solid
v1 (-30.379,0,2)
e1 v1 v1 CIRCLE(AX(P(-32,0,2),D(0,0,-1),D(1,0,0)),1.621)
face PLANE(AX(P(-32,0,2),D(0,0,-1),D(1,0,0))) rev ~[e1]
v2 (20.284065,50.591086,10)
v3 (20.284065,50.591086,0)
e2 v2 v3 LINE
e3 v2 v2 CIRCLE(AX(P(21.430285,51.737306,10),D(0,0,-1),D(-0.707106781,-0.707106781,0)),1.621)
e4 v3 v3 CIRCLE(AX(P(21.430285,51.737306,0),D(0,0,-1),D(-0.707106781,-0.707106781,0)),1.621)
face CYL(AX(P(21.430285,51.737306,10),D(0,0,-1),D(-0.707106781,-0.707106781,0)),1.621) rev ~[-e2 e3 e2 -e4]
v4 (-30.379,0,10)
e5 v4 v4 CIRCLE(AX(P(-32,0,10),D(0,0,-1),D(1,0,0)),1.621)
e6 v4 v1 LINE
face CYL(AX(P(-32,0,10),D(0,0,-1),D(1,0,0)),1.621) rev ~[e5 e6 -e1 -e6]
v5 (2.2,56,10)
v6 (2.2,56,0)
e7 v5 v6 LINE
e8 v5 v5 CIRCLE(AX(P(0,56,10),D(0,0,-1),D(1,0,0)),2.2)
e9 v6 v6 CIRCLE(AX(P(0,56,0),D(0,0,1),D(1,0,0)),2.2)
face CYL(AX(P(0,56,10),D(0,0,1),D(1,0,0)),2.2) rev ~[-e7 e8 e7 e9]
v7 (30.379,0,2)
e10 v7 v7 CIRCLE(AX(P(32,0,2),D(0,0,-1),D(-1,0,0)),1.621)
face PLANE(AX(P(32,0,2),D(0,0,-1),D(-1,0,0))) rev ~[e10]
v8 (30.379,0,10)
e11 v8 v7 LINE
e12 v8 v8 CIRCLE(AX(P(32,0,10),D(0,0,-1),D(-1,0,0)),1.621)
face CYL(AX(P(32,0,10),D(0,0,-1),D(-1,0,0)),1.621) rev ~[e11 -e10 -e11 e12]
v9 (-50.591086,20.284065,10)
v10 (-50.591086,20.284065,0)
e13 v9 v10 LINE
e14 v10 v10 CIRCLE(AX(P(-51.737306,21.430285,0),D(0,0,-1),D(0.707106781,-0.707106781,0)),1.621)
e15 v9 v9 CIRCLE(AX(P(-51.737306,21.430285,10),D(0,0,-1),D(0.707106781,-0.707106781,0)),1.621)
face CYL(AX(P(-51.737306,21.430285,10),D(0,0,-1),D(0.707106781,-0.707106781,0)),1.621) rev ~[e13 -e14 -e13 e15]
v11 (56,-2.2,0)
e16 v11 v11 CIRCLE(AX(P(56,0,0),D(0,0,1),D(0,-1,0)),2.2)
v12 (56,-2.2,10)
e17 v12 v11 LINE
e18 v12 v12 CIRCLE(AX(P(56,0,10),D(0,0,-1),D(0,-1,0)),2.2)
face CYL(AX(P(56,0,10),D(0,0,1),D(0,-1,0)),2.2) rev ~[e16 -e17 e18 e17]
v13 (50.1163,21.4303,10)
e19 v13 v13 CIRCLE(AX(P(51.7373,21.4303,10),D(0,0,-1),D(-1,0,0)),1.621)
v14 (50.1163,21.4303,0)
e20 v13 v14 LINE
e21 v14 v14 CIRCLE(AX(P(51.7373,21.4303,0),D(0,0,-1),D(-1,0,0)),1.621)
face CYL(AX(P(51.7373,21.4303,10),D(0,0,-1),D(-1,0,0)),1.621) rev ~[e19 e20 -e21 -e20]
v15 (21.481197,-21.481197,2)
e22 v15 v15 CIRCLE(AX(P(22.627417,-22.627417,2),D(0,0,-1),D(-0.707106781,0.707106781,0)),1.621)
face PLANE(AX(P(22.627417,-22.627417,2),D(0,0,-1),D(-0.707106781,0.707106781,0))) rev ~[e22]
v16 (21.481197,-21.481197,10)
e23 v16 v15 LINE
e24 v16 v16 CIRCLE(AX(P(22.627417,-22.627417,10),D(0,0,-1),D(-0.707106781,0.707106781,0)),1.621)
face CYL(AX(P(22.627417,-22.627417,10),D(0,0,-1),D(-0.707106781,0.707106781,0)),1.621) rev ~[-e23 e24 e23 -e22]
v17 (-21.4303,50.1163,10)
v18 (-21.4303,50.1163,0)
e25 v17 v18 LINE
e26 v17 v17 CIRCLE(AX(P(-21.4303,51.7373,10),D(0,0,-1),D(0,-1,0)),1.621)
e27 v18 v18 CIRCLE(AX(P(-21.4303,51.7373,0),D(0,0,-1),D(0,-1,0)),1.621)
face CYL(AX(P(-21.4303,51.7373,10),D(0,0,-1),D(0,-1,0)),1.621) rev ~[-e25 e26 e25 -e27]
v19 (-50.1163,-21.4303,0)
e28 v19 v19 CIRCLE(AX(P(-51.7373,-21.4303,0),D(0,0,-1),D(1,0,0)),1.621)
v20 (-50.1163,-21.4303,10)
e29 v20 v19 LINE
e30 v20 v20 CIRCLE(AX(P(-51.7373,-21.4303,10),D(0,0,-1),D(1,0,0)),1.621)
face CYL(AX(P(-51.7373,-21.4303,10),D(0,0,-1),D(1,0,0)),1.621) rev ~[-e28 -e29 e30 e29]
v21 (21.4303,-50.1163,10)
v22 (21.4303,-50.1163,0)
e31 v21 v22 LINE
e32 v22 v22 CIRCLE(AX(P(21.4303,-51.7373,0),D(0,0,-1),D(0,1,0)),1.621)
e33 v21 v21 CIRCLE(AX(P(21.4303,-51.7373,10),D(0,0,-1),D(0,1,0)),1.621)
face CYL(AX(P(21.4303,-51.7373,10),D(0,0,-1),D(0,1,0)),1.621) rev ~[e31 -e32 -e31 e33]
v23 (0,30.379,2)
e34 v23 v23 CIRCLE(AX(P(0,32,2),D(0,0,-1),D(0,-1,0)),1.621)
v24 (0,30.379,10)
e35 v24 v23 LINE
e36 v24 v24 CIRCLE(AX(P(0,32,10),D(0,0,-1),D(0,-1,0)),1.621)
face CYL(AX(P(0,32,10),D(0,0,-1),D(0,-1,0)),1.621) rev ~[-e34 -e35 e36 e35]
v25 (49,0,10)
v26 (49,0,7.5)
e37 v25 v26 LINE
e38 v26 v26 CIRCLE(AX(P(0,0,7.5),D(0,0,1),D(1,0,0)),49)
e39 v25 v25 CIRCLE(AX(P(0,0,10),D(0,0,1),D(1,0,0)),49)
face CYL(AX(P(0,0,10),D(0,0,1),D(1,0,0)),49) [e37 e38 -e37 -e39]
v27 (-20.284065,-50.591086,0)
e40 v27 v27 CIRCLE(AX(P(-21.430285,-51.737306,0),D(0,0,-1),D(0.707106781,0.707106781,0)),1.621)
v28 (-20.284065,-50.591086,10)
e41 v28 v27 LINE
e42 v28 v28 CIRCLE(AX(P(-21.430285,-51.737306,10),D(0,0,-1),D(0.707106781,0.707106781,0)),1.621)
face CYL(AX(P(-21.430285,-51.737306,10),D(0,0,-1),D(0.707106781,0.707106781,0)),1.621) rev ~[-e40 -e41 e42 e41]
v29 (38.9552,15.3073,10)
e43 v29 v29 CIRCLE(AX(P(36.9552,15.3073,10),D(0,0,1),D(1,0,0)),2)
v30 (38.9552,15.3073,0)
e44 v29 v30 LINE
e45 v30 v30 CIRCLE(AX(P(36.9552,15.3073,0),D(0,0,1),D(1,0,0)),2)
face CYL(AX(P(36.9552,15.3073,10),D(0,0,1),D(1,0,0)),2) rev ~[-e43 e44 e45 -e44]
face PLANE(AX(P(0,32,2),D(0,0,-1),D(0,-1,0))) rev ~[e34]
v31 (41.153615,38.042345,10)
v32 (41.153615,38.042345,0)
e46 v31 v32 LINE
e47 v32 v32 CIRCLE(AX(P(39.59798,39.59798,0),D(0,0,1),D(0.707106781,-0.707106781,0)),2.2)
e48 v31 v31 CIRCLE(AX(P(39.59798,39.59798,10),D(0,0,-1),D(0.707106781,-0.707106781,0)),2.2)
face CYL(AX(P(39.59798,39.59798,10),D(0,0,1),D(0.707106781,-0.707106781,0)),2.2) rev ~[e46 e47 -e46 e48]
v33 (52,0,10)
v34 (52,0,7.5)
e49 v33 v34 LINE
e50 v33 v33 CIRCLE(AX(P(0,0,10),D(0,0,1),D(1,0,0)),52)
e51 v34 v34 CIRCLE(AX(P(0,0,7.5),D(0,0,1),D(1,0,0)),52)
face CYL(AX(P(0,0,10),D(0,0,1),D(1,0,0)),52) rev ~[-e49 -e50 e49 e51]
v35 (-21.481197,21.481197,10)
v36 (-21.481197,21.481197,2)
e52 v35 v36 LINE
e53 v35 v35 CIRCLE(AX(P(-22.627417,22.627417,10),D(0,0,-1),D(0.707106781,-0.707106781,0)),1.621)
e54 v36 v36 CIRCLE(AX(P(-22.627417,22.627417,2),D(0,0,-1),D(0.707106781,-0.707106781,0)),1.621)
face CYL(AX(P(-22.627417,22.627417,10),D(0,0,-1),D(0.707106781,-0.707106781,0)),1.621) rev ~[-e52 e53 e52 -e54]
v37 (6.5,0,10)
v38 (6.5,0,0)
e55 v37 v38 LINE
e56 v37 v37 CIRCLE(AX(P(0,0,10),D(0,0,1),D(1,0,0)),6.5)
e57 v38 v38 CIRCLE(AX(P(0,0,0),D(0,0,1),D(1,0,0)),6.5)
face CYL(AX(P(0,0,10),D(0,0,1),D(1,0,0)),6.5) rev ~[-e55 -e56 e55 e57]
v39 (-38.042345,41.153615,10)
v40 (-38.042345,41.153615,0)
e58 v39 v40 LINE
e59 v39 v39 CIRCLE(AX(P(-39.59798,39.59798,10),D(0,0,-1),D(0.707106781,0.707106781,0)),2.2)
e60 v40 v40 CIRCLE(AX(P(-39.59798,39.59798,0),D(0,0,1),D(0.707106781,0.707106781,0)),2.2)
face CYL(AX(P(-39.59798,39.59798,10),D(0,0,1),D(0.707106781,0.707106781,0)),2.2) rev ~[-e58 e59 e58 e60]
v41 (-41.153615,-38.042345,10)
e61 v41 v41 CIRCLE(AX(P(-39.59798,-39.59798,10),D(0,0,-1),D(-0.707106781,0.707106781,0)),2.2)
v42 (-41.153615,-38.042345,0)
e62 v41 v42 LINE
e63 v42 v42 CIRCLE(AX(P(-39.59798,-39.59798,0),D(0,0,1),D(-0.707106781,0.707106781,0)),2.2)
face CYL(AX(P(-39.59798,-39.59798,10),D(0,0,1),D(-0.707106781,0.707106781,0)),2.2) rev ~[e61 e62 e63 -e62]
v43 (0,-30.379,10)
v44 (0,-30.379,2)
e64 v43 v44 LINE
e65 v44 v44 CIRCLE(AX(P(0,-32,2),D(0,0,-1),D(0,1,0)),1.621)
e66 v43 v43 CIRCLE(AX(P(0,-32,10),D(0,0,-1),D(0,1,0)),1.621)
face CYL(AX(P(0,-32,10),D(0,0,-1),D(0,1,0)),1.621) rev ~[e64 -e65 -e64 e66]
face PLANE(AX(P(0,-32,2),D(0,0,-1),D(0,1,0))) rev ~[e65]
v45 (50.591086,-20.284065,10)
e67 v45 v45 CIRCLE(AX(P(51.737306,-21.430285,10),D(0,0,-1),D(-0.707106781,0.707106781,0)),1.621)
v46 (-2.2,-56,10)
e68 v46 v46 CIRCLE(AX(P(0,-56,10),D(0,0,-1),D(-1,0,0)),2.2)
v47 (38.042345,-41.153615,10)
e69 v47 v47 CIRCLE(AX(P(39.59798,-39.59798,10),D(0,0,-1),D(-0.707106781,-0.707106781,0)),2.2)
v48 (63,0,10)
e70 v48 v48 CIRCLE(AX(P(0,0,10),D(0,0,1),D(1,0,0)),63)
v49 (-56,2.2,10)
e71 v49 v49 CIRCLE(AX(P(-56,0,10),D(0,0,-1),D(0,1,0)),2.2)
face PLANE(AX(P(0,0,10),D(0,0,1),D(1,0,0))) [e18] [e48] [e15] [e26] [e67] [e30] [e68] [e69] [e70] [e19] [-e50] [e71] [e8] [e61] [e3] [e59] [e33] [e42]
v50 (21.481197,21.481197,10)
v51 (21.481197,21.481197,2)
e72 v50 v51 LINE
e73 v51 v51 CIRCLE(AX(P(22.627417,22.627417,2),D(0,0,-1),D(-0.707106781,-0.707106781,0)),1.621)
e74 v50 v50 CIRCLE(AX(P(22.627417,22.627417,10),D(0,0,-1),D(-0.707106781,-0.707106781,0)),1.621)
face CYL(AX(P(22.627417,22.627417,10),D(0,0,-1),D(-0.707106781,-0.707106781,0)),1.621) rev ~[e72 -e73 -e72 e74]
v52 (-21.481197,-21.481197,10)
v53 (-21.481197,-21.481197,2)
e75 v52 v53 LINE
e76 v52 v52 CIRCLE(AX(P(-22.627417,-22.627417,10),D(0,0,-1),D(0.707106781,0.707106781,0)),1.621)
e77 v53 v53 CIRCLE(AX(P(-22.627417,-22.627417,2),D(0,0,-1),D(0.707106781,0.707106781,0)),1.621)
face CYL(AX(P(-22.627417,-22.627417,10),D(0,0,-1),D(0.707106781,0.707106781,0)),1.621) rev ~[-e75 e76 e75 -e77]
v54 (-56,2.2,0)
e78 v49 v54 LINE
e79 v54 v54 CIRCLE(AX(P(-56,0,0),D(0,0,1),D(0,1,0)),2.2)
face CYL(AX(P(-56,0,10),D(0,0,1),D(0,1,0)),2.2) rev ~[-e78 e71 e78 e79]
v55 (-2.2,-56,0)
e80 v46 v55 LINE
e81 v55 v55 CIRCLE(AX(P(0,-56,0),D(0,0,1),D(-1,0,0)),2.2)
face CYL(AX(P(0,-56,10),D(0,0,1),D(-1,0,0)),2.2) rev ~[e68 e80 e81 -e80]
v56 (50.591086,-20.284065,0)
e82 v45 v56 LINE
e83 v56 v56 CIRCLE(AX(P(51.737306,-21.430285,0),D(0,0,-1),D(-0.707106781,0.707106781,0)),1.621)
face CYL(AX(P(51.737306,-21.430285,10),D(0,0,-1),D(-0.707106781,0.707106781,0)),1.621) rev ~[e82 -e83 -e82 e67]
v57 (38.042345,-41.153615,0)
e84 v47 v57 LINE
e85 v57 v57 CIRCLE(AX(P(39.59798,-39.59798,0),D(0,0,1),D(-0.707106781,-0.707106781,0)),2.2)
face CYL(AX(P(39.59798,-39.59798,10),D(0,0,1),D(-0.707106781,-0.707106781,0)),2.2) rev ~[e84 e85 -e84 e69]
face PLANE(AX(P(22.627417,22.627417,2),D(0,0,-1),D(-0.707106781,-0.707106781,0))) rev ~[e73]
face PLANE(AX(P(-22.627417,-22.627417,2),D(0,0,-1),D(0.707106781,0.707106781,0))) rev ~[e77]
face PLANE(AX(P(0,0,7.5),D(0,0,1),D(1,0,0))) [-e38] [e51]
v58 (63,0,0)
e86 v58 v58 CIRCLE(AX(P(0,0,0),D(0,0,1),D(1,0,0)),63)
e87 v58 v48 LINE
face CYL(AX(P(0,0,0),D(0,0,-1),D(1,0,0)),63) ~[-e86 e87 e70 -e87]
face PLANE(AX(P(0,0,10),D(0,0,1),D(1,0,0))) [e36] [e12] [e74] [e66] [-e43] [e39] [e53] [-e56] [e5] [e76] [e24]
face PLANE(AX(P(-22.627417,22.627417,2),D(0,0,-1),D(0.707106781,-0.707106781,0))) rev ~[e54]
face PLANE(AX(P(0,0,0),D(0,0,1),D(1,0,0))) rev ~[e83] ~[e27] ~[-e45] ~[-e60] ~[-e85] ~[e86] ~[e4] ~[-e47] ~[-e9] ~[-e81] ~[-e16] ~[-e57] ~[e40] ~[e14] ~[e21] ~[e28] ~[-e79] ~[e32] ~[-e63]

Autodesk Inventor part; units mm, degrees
ref_plane "YZ Plane" through (0, 0, 0) normal (1, 0, 0) x (0, 1, 0)
ref_plane "XZ Plane" through (0, 0, 0) normal (0, 1, 0) x (-1, 0, 0)
ref_plane "XY Plane" through (0, 0, 0) normal (0, 0, 1) x (1, 0, 0)
sketch "Sketch1" plane through (0, 0, 0) normal (0, 0, 1) x (1, 0, 0)
  circle A0 centre (0, 0) radius 63
  dimension "d0" = 126
extrude "Extrusion1" add sketch "Sketch1" along normal blind 10
sketch "Sketch3" plane through (0, 0, 10) normal (0, 0, 1) x (1, 0, 0)
  circle A0 centre (0, 0) radius 52
  circle A1 centre (0, 0) radius 49
  dimension "d11" = 3
  dimension "d35" = 98
extrude "Extrusion3" cut sketch "Sketch3" against normal blind 2.5
sketch "Sketch2" plane through (0, 0, 10) normal (0, 0, 1) x (1, 0, 0)
  circle A0 centre (0, 0) radius 56 construction
  circle A1 centre (0, 56) radius 2.2
  line L0 (0, -88.2) -> (0, 88.2) projected
  dimension "d3" = 112
  dimension "d4" = 4.4
extrude "Extrusion2" cut sketch "Sketch2" against normal blind 10
pattern_circular "Circular Pattern1" count 8 over 360 about axis through (0, 0, -10) along (0, 0, 1) of "Extrusion2"
sketch "Sketch4" plane through (0, 0, 10) normal (0, 0, 1) x (1, 0, 0)
  circle A0 centre (0, 0) radius 32 construction
  line L0 (0, -88.2) -> (0, 88.2) construction
  point P0 (0, 32)
  dimension "d14" = 64
hole "Hole1" at (0, 32, 10) direction (0, 0, -1) diameter 3.242 depth 8 thread size "M4x0.7" class "6H" standard "ANSI Metric M Profile"
pattern_circular "Circular Pattern2" count 8 over 360 about axis through (0, 0, -10) along (0, 0, 1) of "Hole1"
sketch "Sketch5" plane through (0, 0, 10) normal (0, 0, 1) x (1, 0, 0)
  circle A0 centre (36.9552, 15.3073) radius 2
  circle A1 centre (22.6274, 22.6274) radius 1.621 construction
  line L0 (22.6274, 22.6274) -> (0, 0) construction
  line L1 (0, 0) -> (36.9552, 15.3073) construction
  line L2 (-88.2, 0) -> (88.2, 0) construction
  circle A2 centre (0, 0) radius 42 construction
  dimension "d25" = 4
  dimension "d26" = 45
  dimension "d27" = 22.5
  dimension "d29" = 84
extrude "Extrusion4" cut sketch "Sketch5" against normal through all
sketch "Sketch6" plane through (0, 0, 10) normal (0, 0, 1) x (1, 0, 0)
  circle A0 centre (0, 0) radius 6.5
  dimension "d32" = 13
extrude "Extrusion5" cut sketch "Sketch6" against normal through all
sketch "Sketch7" plane through (0, 0, 10) normal (0, 0, 1) x (1, 0, 0)
  circle A0 centre (0, 56) radius 2.2 construction
  circle A1 centre (0, 0) radius 56 construction
  line L0 (-21.4303, 51.7373) -> (0, 0) construction
  line L1 (0, 0) -> (0, 56) construction
  circle A2 centre (-39.598, 39.598) radius 2.2 construction
  line L2 (-39.598, 39.598) -> (0, 0) construction
  dimension "d36" = 45
  dimension "d37" = 22.5
hole "Hole2" at (-21.4303, 51.7373, 10) direction (0, 0, -1) diameter 3.242 end through all thread size "M4x0.7" class "6H" standard "ANSI Metric M Profile"
pattern_circular "Circular Pattern3" count 8 over 360 about axis through (0, 0, -10) along (0, 0, 1) of "Hole2"
equation "\"d27\" = 0.5 * d26"
equation "\"d37\" = 0.5 * d36"
properties part number "Base_Bowl_Glovebox" material "Aluminum 6061"
